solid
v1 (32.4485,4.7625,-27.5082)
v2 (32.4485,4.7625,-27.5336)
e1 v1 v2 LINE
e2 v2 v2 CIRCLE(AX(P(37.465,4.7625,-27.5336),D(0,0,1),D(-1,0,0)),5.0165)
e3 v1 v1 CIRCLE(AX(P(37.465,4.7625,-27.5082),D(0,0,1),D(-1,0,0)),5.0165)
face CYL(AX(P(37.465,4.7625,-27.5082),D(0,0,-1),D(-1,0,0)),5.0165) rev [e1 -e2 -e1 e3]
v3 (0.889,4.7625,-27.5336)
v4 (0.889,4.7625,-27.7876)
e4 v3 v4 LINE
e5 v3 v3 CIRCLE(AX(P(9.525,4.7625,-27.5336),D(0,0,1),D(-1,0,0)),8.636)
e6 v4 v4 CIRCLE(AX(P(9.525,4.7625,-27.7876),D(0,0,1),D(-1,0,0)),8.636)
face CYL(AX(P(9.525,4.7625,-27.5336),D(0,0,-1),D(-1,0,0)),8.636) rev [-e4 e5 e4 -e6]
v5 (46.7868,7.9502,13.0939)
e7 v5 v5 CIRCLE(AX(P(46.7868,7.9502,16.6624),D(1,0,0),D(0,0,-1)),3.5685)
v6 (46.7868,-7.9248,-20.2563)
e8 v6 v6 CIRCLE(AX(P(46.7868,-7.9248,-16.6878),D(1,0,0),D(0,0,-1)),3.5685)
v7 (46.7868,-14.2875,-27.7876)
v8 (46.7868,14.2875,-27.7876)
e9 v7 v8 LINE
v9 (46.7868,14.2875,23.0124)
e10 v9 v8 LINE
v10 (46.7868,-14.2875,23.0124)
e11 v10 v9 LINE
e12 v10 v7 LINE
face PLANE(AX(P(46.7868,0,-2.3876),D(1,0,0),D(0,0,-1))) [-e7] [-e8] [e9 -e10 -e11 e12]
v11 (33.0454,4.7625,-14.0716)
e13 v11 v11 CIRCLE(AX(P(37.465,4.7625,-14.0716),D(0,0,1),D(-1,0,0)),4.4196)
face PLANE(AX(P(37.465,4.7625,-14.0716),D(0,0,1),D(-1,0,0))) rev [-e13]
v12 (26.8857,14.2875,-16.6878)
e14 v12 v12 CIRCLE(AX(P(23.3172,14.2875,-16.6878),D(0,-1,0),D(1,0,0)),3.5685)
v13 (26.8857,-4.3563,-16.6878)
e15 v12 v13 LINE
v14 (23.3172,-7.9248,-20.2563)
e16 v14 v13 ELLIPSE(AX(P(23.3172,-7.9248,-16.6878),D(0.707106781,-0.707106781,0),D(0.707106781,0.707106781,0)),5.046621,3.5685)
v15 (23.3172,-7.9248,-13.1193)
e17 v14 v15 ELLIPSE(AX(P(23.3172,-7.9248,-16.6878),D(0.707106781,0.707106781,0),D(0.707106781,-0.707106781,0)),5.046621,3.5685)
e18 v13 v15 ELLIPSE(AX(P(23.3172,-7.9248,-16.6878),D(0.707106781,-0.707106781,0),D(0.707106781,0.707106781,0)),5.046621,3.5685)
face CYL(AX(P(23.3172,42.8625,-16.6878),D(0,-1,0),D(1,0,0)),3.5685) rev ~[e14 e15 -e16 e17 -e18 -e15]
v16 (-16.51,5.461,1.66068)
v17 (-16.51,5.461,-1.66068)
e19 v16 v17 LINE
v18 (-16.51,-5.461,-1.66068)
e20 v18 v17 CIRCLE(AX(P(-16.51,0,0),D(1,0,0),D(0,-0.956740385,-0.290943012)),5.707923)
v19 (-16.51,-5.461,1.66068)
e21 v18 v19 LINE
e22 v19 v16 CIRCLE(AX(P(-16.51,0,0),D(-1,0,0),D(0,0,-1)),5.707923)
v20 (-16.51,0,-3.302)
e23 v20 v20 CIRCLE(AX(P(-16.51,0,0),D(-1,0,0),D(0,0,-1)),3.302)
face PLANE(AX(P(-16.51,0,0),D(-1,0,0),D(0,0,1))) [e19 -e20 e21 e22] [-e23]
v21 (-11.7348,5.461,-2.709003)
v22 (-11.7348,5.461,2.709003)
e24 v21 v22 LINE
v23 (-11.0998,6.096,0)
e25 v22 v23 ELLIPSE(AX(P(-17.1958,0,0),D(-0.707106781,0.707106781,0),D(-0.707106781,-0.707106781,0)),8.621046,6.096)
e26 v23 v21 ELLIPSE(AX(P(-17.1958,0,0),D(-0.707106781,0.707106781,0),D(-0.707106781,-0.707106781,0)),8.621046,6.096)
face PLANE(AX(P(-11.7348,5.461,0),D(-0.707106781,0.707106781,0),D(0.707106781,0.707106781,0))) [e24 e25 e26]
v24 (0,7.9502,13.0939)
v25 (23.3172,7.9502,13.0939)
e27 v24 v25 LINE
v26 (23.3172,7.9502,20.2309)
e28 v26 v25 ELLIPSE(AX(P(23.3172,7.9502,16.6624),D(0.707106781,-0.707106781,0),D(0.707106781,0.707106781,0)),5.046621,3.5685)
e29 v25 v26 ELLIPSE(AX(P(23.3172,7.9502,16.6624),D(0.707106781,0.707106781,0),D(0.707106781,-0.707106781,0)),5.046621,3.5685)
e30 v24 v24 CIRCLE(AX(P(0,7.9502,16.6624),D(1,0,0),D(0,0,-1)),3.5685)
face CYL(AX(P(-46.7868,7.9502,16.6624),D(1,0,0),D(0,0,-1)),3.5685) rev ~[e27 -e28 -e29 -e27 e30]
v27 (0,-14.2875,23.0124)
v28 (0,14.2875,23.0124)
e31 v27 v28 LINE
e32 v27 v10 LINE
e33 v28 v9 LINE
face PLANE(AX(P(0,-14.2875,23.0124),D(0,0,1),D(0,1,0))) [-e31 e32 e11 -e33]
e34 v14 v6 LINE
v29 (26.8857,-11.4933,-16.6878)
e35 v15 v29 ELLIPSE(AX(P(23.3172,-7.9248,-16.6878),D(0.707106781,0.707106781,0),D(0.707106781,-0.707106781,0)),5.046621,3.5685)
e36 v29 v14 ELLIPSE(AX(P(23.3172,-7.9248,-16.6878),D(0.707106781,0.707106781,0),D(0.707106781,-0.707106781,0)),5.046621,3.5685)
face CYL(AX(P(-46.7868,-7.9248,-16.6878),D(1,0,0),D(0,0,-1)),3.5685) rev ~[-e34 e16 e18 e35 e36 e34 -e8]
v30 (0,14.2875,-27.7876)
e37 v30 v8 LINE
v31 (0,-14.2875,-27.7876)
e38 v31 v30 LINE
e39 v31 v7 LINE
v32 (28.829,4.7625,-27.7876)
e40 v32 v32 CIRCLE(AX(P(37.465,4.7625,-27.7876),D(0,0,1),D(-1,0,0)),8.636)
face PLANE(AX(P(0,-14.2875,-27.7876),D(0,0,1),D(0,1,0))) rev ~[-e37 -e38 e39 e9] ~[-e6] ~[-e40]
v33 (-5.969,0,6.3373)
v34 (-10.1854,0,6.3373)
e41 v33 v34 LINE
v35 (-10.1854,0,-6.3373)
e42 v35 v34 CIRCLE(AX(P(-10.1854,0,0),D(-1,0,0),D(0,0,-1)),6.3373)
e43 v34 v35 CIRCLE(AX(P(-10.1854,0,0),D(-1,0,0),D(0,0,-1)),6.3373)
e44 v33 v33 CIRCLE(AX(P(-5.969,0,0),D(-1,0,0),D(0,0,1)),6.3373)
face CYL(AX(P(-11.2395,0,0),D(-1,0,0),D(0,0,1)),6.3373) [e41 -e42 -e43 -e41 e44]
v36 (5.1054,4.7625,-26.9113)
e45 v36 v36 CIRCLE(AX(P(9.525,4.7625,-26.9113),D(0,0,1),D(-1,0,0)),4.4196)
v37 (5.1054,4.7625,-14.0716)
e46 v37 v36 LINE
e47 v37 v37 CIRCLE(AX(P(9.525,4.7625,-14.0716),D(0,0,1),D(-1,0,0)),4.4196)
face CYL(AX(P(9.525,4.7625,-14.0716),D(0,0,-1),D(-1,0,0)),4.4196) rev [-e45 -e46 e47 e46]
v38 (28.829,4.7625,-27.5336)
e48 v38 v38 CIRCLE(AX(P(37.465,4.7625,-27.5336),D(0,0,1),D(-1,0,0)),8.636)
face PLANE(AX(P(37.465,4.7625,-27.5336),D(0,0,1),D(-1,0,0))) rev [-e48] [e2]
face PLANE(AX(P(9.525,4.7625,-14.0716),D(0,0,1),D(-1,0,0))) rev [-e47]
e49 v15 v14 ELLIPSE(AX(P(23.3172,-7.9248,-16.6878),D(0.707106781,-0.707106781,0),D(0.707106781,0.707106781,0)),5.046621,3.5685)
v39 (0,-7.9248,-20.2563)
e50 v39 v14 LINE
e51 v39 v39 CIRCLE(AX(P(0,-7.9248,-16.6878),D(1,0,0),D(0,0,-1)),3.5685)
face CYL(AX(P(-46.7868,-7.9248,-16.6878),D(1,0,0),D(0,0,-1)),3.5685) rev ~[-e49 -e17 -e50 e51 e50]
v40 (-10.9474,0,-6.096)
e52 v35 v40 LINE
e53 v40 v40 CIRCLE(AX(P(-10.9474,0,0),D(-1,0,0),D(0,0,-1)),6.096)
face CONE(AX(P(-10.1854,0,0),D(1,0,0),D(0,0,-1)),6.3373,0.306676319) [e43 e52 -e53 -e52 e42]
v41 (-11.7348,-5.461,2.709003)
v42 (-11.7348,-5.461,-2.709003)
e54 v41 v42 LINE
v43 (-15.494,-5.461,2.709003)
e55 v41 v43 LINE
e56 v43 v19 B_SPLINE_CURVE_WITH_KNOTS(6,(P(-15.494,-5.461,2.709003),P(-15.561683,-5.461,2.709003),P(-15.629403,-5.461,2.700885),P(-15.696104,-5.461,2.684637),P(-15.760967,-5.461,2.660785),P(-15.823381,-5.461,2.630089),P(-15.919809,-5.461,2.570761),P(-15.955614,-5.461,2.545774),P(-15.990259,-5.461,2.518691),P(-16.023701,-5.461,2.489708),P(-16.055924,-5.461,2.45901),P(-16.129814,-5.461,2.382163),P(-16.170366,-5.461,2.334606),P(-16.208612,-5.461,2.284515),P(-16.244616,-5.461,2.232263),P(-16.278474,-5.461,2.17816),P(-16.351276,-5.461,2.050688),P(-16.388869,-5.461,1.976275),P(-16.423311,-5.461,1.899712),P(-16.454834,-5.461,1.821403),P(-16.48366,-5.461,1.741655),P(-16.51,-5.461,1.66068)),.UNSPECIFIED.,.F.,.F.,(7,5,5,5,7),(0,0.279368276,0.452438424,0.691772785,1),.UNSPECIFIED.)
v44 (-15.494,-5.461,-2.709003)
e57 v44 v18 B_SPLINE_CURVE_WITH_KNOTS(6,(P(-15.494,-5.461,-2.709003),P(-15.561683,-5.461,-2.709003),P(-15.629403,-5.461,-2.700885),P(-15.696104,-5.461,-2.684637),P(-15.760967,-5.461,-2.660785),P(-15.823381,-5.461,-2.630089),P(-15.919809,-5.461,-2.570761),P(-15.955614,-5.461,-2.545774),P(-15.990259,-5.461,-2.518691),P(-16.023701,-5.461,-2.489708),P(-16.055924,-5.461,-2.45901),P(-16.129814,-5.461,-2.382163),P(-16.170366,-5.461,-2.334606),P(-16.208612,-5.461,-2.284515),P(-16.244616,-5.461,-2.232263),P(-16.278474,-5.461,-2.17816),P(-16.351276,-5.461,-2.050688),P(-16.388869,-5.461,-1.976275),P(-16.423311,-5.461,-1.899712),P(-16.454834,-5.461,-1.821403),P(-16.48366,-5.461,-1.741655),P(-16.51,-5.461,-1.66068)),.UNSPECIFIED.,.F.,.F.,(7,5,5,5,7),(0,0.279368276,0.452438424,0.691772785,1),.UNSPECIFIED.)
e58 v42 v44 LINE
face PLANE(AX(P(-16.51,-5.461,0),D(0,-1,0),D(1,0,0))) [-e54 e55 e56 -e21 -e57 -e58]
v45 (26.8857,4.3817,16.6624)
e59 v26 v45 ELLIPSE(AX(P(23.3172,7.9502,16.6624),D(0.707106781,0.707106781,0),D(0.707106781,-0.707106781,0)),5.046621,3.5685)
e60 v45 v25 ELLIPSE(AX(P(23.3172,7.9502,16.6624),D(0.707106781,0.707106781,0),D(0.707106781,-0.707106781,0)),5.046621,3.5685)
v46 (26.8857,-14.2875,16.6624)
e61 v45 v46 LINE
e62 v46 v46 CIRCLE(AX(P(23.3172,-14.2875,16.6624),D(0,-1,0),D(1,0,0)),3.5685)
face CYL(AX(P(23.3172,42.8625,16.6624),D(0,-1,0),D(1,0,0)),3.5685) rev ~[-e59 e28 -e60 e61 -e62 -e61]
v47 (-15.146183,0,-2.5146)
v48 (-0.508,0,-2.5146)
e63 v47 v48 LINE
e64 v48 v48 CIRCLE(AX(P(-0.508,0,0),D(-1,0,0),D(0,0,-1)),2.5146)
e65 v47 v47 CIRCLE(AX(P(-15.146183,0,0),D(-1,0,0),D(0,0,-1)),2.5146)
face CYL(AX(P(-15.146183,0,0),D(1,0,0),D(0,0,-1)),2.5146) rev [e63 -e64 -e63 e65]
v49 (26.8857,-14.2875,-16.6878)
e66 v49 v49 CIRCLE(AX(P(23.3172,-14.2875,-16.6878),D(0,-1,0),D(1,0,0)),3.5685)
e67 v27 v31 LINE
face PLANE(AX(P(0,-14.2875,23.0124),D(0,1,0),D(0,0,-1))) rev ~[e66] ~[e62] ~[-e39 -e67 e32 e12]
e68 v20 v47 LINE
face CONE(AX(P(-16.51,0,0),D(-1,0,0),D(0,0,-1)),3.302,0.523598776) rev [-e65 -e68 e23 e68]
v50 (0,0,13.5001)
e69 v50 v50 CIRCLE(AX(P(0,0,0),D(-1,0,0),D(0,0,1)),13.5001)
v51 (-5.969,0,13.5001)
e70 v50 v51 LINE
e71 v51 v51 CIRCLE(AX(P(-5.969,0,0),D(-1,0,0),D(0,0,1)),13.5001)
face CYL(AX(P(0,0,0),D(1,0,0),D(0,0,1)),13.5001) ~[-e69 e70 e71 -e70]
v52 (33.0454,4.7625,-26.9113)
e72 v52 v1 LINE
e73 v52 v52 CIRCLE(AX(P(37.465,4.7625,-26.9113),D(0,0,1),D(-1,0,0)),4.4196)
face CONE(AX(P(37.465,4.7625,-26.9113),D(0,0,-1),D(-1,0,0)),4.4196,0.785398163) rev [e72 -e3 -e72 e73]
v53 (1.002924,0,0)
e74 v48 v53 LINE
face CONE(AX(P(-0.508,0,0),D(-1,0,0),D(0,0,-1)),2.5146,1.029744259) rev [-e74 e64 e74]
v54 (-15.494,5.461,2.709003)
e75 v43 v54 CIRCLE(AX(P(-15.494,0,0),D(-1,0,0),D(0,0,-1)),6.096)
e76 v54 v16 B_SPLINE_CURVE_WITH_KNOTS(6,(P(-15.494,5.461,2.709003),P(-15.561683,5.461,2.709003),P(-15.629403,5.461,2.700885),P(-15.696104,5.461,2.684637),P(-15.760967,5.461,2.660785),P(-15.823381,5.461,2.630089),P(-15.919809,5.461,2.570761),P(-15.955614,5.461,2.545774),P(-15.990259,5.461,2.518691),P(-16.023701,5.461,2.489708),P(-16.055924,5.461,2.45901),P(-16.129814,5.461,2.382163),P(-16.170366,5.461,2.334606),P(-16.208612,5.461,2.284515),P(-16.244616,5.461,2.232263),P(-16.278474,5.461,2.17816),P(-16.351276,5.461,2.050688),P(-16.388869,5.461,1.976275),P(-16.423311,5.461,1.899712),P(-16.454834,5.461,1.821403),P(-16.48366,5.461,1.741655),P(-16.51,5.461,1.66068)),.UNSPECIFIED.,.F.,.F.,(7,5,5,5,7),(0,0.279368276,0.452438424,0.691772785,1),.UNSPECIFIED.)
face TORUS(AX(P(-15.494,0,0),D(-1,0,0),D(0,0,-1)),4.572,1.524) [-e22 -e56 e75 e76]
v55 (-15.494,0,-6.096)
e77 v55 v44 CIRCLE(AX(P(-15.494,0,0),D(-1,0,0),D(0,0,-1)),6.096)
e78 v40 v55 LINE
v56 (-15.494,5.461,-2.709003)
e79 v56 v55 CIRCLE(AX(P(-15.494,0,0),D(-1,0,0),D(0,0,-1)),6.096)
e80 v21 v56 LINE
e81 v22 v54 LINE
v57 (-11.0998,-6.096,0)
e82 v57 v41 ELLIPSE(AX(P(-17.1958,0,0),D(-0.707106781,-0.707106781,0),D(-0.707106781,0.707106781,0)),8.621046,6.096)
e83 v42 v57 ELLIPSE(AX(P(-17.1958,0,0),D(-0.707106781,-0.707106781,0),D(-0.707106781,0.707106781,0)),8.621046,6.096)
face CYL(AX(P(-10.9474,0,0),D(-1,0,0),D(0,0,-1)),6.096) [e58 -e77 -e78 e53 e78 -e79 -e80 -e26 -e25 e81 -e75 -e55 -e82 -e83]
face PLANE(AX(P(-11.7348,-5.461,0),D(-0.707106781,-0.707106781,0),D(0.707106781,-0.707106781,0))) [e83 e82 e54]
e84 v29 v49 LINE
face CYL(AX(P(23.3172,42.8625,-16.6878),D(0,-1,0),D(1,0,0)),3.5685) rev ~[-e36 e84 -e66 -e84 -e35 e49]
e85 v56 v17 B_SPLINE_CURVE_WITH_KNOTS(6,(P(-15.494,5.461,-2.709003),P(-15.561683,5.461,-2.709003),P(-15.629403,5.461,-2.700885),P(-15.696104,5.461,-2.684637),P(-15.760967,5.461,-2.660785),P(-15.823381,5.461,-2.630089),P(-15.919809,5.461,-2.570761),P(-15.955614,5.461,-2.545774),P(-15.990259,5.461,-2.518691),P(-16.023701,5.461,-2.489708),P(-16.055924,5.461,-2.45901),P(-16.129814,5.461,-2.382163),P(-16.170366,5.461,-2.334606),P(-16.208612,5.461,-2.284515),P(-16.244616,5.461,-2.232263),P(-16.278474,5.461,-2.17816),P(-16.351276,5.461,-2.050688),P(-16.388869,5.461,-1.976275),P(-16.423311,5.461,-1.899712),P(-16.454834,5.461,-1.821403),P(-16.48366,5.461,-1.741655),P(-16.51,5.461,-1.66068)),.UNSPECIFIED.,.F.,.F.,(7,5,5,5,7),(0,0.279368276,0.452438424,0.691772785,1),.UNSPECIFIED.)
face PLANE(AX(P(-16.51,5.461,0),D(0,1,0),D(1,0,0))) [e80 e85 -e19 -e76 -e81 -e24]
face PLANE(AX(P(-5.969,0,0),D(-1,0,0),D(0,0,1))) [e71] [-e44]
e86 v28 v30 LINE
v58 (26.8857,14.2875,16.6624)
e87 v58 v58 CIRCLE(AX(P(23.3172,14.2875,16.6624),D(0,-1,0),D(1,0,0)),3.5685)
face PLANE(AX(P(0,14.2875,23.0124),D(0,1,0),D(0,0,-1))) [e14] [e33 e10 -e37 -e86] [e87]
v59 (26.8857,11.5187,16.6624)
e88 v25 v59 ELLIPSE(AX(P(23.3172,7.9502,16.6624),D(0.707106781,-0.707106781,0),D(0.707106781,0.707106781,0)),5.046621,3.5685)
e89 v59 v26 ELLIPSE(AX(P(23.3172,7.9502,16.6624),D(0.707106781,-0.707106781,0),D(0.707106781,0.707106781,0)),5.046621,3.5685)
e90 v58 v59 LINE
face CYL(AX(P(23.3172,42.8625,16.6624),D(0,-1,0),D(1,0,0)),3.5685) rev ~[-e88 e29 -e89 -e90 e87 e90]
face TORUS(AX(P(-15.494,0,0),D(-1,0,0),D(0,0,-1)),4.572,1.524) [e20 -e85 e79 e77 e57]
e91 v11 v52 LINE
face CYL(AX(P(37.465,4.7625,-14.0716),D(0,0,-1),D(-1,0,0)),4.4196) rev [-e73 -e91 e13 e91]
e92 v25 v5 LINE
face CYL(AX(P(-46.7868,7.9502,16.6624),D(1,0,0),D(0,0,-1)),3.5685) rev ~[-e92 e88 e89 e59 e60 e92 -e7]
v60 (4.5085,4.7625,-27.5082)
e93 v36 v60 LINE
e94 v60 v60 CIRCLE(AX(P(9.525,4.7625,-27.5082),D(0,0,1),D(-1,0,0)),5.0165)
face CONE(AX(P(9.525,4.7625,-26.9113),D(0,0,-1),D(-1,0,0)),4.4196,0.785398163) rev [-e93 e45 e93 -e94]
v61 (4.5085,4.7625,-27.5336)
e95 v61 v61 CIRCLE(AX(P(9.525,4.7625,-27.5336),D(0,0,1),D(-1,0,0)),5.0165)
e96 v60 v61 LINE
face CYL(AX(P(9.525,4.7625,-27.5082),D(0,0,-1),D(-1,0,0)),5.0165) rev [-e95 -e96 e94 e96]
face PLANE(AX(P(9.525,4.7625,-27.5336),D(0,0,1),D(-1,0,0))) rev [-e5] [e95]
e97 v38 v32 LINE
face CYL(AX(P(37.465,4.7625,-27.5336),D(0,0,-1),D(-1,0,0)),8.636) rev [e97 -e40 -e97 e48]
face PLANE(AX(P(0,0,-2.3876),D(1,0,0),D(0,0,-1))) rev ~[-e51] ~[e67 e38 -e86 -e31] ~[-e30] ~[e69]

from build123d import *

# Parameters (mm, degrees)
SKETCH1_W          = 50.8
SKETCH1_H          = 28.575
EXTRUDE1_DEPTH     = 46.7868
LPATTERN1_COUNT    = 2
LPATTERN1_PITCH    = 27.94
SKETCH5_R          = 13.5001
EXTRUDE2_DEPTH     = 5.969
SKETCH6_W          = 6.3373
SKETCH6_H          = 10.541
CUT_EXTRUDE4_DEPTH = 30.48
HOLE1_D            = 7.137
HOLE1_DEPTH        = 46.7868
HOLE2_D            = 7.137
HOLE2_DEPTH        = 28.575


with BuildPart() as part:
    # Sketch1 → Extrude1 (new body)
    with BuildSketch(Plane(origin=(0, 0, 0), x_dir=(0, 0, -1), z_dir=(1, 0, 0))):
        with Locations((2.3876, 0)):
            Rectangle(SKETCH1_W, SKETCH1_H)
    extrude(amount=EXTRUDE1_DEPTH)

    # S2D0002 → Cut-Revolve1 (revolve, cut)
    with BuildSketch(Plane(origin=(0, 4.7625, 0), x_dir=(-1, 0, 0), z_dir=(0, 1, 0)), mode=Mode.PRIVATE) as cut_revolve1_sk:
        Polygon((-14.5415, -27.5336), (-18.161, -27.5336), (-18.161, -27.7876), (-9.525, -27.7876), (-9.525, -14.0716), (-13.9446, -14.0716), (-13.9446, -26.9113), (-14.5415, -27.5082), align=None)
    cut_revolve1 = revolve(cut_revolve1_sk.sketch.rotate(Axis((9.525, 4.7625, -19.13842003), (0, 0, 1)), 180), axis=Axis((9.525, 4.7625, -19.13842003), (0, 0, 1)), mode=Mode.SUBTRACT)  # turned: the seam where the file's is

    # LPattern1: Cut-Revolve1 ×2
    with Locations(*[(i * LPATTERN1_PITCH, 0, 0) for i in range(1, LPATTERN1_COUNT)]):
        add(cut_revolve1, mode=Mode.SUBTRACT)

    # Sketch5 → Extrude2 (add)
    with BuildSketch(Plane.ZY):
        Circle(SKETCH5_R)
    extrude(amount=EXTRUDE2_DEPTH)

    # Sketch6 → Revolve1 (revolve)
    with BuildSketch(Plane(origin=(0, 0, 0), x_dir=(0, 0, 1), z_dir=(0, -1, 0)), mode=Mode.PRIVATE) as revolve1_sk:
        with Locations((-3.16865, 11.2395)):
            Rectangle(SKETCH6_W, SKETCH6_H)
    revolve(revolve1_sk.sketch.rotate(Axis((5.754582971, 0, 0), (-1, 0, 0)), 180), axis=Axis((5.754582971, 0, 0), (-1, 0, 0)))  # turned: the seam where the file's is

    # S2D0001 → Cut-Revolve4 (revolve, cut)
    with BuildSketch(Plane(origin=(-18.511260017, 3.2639, 0), x_dir=(0, 1, 0), z_dir=(0, 0, 1)), mode=Mode.PRIVATE) as cut_revolve4_sk:
        Polygon((-0.7493, -3.365076823), (-0.7493, -18.003260017), (-3.2639, -19.51418413), (-3.2639, -2.001260017), (0.0381, -2.001260017), align=None)
    revolve(cut_revolve4_sk.sketch.rotate(Axis((0, 0, 0), (-1, 0, 0)), 90), axis=Axis((0, 0, 0), (-1, 0, 0)), mode=Mode.SUBTRACT)  # turned: the seam where the file's is

    # Sketch8 → Cut-Revolve5 (revolve, cut)
    with BuildSketch(Plane(origin=(0, 0, 0), x_dir=(0, 0, -1), z_dir=(0, 1, 0)), mode=Mode.PRIVATE) as cut_revolve5_sk:
        with BuildLine():
            Line((-6.3373, 10.1854), (-6.096, 10.9474))
            Line((-6.096, 10.9474), (-6.096, 15.494))
            ThreePointArc((-6.096, 15.494), (-5.995678675, 16.037796865), (-5.707922533, 16.51))
            Line((-5.707922533, 16.51), (-6.3373, 16.51))
            Line((-6.3373, 16.51), (-6.3373, 10.1854))
        make_face()
    revolve(cut_revolve5_sk.sketch.rotate(Axis((-12.65936, 0, 0), (-1, 0, 0)), 180), axis=Axis((-12.65936, 0, 0), (-1, 0, 0)), mode=Mode.SUBTRACT)  # turned: the seam where the file's is

    # Sketch12 → Cut-Extrude4 (cut, symmetric)
    with BuildSketch(Plane(origin=(0, 0, 0), x_dir=(0, -1, 0), z_dir=(0, 0, -1))):
        Polygon((5.461, 16.51), (5.461, 11.7348), (6.096, 11.0998), (6.096, 16.51), align=None)
        Polygon((-5.461, 16.51), (-5.461, 11.7348), (-6.096, 11.0998), (-6.096, 16.51), align=None)
    extrude(amount=CUT_EXTRUDE4_DEPTH, both=True, mode=Mode.SUBTRACT)

    # Hole1
    with Locations(Plane.ZY):
        with Locations((-16.6878, -7.9248), (16.6624, 7.9502)):
            Hole(HOLE1_D / 2, depth=HOLE1_DEPTH)

    # Hole2
    with Locations(Plane(origin=(0, 14.2875, 0), x_dir=(-1, 0, 0), z_dir=(0, 1, 0))):
        with Locations((-23.3172, -16.6878), (-23.3172, 16.6624)):
            Hole(HOLE2_D / 2, depth=HOLE2_DEPTH)


solid = part.part
